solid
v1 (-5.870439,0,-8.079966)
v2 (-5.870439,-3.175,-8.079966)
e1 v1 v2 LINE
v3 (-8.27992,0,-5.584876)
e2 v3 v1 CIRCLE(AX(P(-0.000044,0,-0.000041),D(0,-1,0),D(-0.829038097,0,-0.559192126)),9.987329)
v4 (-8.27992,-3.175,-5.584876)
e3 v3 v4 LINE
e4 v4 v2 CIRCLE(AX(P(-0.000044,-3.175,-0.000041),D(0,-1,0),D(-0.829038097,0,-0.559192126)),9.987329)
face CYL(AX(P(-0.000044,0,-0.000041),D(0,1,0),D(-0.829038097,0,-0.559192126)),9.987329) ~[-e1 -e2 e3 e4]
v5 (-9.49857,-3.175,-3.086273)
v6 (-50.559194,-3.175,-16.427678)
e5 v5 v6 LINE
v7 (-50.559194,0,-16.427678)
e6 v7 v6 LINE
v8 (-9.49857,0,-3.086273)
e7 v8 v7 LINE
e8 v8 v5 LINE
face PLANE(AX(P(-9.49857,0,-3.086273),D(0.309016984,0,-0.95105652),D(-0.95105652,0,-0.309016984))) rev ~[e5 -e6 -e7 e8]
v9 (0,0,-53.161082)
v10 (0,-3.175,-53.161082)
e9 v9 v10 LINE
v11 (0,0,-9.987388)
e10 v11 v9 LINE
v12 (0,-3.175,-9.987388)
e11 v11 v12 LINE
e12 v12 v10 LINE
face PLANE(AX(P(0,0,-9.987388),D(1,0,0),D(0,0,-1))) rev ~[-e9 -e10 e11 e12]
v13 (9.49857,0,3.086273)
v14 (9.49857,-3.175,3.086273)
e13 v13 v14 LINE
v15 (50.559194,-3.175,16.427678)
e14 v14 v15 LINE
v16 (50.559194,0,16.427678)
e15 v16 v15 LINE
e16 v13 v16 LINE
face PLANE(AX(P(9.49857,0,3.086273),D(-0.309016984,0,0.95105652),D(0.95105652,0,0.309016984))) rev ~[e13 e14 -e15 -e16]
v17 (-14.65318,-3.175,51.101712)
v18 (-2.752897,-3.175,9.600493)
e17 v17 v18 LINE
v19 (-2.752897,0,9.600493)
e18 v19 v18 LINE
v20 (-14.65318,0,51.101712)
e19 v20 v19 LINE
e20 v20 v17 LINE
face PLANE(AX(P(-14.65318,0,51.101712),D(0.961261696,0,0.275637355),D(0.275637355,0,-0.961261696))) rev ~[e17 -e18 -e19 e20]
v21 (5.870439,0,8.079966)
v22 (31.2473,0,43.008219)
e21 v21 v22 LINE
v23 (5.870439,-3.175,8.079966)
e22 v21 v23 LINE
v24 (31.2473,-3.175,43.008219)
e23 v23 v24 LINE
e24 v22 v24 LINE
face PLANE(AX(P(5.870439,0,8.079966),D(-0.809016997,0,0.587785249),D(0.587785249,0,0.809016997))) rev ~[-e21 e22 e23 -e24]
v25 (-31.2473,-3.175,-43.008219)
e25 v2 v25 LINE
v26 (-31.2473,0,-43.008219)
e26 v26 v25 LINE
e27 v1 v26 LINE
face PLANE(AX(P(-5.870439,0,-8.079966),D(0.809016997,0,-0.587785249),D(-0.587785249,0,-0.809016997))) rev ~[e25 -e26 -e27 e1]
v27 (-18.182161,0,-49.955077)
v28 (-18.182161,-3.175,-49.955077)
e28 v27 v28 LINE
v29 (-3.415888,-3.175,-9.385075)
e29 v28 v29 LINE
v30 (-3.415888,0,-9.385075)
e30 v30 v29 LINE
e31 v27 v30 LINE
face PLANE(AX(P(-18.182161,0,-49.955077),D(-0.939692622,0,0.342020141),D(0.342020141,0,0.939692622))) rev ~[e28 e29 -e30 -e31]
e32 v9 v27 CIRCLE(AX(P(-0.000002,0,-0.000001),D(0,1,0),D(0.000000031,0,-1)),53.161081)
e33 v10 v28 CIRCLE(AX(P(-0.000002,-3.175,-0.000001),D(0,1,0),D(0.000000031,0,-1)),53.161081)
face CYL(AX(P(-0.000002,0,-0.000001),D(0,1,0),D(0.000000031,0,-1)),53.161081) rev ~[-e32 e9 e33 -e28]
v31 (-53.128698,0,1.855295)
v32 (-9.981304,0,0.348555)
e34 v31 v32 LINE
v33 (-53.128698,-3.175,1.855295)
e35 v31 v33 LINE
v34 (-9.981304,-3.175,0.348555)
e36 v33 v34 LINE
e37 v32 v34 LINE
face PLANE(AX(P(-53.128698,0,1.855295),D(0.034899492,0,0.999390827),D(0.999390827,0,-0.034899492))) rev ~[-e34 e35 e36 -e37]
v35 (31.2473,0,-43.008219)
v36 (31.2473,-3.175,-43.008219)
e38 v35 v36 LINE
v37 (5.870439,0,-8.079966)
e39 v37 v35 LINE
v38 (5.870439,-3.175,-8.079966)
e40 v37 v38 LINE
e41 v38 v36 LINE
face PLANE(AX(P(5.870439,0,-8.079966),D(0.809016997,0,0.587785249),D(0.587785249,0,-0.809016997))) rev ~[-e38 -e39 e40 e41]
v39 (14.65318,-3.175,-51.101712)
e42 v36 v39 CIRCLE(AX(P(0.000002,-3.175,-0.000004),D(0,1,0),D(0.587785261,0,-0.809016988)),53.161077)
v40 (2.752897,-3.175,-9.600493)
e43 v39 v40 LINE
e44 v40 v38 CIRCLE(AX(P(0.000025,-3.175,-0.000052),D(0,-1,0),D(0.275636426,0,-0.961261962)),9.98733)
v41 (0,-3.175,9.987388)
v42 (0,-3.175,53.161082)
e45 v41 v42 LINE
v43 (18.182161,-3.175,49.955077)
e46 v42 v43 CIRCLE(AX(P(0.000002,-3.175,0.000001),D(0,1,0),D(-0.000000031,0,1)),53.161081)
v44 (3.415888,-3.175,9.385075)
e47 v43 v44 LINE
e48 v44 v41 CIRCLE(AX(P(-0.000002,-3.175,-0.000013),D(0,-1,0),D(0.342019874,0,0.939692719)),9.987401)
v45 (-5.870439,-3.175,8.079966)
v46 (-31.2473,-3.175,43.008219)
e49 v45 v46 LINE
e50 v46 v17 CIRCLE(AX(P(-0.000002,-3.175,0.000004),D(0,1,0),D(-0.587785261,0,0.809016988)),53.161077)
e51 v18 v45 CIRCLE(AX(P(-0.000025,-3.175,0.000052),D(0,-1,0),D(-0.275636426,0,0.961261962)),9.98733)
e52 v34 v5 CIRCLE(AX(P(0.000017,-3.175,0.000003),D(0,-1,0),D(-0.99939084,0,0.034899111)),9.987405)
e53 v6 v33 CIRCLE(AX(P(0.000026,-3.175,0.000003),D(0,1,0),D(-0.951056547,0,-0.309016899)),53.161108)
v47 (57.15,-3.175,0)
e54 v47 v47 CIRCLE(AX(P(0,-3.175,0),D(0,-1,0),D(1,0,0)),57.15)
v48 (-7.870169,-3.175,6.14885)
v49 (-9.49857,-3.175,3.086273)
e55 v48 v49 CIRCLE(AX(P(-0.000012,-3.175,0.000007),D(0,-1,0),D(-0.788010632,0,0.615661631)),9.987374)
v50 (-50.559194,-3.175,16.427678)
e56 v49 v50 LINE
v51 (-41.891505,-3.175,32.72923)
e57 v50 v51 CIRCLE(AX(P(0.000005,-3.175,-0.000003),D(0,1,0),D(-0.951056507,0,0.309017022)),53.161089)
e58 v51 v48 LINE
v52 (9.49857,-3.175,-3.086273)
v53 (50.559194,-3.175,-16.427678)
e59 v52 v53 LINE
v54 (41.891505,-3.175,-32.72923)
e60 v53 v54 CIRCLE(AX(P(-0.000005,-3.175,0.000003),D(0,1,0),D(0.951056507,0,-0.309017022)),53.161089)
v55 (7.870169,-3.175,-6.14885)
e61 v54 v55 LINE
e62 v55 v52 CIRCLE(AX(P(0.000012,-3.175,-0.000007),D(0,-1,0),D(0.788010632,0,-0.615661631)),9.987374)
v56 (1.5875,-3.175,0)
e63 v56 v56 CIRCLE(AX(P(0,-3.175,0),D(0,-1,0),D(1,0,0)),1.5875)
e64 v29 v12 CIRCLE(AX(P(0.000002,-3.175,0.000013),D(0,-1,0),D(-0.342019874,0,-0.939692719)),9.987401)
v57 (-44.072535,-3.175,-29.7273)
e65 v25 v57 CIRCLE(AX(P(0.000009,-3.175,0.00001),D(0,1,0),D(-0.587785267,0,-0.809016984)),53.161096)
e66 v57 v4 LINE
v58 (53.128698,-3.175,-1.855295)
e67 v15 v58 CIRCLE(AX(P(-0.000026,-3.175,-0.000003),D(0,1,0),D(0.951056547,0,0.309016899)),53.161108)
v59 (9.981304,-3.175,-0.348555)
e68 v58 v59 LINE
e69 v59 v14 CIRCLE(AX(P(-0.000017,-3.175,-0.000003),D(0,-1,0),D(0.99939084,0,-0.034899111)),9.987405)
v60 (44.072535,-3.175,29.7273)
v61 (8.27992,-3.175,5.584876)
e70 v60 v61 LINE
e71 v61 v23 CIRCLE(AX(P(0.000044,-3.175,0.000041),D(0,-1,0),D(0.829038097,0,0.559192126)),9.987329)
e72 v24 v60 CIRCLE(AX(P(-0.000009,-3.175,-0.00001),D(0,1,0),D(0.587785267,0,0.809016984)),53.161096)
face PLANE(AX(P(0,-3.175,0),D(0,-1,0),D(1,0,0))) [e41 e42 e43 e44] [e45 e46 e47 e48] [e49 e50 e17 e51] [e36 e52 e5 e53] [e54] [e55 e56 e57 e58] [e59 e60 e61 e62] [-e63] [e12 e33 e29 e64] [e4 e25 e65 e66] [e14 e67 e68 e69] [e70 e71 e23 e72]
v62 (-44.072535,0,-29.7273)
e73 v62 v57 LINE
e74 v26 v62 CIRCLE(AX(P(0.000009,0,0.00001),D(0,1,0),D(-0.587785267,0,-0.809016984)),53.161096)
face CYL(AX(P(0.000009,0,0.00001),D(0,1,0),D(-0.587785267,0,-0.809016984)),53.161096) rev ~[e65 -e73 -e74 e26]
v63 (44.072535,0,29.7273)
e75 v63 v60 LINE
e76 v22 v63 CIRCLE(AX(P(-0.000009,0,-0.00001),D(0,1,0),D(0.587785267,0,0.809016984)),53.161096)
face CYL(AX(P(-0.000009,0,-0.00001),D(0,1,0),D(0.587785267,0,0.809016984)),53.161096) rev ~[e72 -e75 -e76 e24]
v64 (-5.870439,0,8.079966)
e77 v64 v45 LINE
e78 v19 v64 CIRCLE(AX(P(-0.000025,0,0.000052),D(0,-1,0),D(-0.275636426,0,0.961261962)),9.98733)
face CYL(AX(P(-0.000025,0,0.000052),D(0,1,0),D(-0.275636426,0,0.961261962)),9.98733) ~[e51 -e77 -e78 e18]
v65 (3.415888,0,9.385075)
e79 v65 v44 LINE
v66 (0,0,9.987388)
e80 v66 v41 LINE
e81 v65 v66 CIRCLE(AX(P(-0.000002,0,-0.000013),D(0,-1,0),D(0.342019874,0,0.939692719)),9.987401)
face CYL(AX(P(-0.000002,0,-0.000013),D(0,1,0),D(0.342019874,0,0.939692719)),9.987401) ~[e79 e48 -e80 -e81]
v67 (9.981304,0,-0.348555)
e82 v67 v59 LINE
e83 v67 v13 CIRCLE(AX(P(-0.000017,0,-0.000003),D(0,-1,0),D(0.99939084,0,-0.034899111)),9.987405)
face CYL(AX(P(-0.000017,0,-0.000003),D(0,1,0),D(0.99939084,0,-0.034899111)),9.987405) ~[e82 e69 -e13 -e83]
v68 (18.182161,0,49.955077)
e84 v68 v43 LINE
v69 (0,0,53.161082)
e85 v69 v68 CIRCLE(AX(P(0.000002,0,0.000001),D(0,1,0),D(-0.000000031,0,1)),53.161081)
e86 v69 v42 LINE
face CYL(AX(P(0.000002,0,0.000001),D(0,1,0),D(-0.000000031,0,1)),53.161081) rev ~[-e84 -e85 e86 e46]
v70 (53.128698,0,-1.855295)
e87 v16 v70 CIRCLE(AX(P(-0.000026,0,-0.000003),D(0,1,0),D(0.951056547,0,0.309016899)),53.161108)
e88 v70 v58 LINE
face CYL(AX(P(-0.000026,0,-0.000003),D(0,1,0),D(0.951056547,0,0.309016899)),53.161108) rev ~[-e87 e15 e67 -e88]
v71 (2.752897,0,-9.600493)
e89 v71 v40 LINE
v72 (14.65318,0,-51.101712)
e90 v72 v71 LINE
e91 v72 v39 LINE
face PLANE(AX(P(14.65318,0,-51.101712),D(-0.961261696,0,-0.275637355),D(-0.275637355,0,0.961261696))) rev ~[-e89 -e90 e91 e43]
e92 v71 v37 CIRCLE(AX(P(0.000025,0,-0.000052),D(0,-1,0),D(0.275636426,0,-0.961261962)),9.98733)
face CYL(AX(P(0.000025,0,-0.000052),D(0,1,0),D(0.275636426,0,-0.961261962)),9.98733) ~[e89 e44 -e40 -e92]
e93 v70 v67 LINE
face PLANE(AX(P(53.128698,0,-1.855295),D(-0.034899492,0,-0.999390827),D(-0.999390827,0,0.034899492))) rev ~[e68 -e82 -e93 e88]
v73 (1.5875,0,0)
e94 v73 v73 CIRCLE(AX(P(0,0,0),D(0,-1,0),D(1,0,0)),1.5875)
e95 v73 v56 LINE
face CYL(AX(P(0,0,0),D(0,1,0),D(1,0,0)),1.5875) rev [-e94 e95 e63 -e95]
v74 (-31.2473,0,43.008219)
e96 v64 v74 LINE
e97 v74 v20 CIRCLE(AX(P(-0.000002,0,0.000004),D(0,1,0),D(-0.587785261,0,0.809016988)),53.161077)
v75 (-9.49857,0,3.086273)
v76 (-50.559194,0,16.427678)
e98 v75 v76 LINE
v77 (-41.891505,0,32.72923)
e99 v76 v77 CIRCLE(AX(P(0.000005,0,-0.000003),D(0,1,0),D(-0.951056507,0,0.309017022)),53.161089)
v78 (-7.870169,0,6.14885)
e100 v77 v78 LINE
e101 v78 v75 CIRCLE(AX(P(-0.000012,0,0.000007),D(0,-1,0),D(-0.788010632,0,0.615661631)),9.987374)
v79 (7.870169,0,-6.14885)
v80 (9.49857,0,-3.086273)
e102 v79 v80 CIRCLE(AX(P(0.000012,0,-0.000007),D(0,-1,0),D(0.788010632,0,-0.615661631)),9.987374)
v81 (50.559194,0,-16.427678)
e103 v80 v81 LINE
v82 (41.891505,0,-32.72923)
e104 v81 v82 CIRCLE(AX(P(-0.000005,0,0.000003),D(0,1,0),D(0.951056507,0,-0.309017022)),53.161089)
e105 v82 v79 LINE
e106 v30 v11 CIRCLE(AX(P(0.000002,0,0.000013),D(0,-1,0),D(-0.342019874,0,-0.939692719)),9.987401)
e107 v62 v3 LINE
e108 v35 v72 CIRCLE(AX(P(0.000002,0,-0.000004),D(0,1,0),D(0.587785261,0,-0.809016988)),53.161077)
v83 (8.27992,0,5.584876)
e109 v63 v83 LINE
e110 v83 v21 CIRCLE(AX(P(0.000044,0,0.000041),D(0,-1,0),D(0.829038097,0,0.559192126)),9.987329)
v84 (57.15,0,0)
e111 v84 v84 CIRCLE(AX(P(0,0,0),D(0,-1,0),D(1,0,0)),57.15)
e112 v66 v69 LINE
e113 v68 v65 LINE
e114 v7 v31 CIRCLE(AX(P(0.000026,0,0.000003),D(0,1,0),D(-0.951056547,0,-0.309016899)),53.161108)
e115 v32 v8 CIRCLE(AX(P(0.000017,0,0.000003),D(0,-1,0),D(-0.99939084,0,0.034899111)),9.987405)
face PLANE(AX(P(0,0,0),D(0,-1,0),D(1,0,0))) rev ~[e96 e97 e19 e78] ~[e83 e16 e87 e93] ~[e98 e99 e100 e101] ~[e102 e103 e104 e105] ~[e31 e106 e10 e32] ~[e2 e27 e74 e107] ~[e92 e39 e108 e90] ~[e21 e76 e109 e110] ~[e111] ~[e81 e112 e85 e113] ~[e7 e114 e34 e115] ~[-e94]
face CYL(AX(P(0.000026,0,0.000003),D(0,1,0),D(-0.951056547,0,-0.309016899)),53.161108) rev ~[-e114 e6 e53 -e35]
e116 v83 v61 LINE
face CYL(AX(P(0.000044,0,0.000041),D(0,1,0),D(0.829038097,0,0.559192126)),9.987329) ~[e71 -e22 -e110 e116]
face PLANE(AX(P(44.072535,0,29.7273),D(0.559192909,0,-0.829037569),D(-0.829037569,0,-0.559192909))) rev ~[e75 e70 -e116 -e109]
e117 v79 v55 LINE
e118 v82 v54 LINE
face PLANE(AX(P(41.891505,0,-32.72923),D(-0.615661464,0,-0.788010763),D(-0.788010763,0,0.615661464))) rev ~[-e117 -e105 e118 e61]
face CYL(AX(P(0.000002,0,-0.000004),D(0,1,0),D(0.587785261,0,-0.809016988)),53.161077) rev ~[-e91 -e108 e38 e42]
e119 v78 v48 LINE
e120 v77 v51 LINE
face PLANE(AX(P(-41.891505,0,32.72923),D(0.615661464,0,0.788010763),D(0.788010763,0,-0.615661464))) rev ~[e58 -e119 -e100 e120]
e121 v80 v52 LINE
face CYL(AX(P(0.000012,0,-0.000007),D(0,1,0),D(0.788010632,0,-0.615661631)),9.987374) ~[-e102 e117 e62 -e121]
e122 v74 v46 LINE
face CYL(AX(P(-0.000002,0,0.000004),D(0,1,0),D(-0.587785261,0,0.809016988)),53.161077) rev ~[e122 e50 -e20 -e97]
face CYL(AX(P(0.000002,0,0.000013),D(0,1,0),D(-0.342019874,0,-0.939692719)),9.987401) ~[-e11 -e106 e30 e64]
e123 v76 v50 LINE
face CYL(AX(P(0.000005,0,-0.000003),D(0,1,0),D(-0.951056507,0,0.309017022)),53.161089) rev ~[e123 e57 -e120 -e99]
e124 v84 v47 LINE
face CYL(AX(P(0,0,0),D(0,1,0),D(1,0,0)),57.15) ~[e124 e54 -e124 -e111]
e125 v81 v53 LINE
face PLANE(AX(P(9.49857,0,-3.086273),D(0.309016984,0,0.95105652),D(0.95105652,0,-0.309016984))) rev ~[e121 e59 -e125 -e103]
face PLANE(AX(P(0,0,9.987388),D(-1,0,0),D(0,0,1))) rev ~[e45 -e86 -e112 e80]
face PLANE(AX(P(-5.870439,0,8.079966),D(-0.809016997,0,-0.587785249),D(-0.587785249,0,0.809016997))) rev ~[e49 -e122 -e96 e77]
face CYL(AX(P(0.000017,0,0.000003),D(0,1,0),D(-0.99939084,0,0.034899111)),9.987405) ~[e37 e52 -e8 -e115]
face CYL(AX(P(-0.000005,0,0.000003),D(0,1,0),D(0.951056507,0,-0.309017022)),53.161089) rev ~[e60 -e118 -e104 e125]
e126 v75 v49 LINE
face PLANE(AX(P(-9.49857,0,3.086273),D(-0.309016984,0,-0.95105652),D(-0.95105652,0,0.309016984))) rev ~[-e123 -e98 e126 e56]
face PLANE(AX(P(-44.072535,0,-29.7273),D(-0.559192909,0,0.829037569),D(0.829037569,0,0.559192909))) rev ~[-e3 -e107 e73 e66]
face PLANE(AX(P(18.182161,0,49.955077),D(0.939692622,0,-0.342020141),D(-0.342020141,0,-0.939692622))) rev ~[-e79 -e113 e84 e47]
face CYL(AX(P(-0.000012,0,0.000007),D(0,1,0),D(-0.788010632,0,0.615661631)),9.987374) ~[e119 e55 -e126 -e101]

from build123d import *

# Parameters (mm, degrees)
F0_R     = 57.15
F0_R_2   = 1.5875
F1_DEPTH = 3.175


with BuildPart() as f1:
    # F0 (on Front) → F1 (new body)
    with BuildSketch(Plane.XZ):
        Circle(F0_R)
        with BuildLine():
            ThreePointArc((0, -53.161082), (-9.231325, -52.353446), (-18.182161, -49.955077))
            Line((-18.182161, -49.955077), (-3.415888, -9.385075))
            ThreePointArc((-3.415888, -9.385075), (-1.734292, -9.835657), (0, -9.987388))
            Line((0, -9.987388), (0, -53.161082))
        make_face(mode=Mode.SUBTRACT)
        with BuildLine():
            ThreePointArc((-50.559194, -16.427678), (-52.643722, -7.398593), (-53.128698, 1.855295))
            Line((-53.128698, 1.855295), (-9.981304, 0.348555))
            ThreePointArc((-9.981304, 0.348555), (-9.890191, -1.389976), (-9.49857, -3.086273))
            Line((-9.49857, -3.086273), (-50.559194, -16.427678))
        make_face(mode=Mode.SUBTRACT)
        with BuildLine():
            ThreePointArc((-31.2473, -43.008219), (-38.240882, -36.928791), (-44.072535, -29.7273))
            Line((-44.072535, -29.7273), (-8.27992, -5.584876))
            ThreePointArc((-8.27992, -5.584876), (-7.184326, -6.937823), (-5.870439, -8.079966))
            Line((-5.870439, -8.079966), (-31.2473, -43.008219))
        make_face(mode=Mode.SUBTRACT)
        with BuildLine():
            ThreePointArc((31.2473, -43.008219), (23.304285, -47.780864), (14.65318, -51.101712))
            Line((14.65318, -51.101712), (2.752897, -9.600493))
            ThreePointArc((2.752897, -9.600493), (4.378183, -8.976605), (5.870439, -8.079966))
            Line((5.870439, -8.079966), (31.2473, -43.008219))
        make_face(mode=Mode.SUBTRACT)
        with BuildLine():
            ThreePointArc((50.559194, -16.427678), (46.93845, -24.957616), (41.891505, -32.72923))
            Line((41.891505, -32.72923), (7.870169, -6.14885))
            ThreePointArc((7.870169, -6.14885), (8.81834, -4.688795), (9.49857, -3.086273))
            Line((9.49857, -3.086273), (50.559194, -16.427678))
        make_face(mode=Mode.SUBTRACT)
        with BuildLine():
            ThreePointArc((-50.559194, 16.427678), (-46.93845, 24.957616), (-41.891505, 32.72923))
            Line((-41.891505, 32.72923), (-7.870169, 6.14885))
            ThreePointArc((-7.870169, 6.14885), (-8.81834, 4.688795), (-9.49857, 3.086273))
            Line((-9.49857, 3.086273), (-50.559194, 16.427678))
        make_face(mode=Mode.SUBTRACT)
        with BuildLine():
            ThreePointArc((-31.2473, 43.008219), (-23.304285, 47.780864), (-14.65318, 51.101712))
            Line((-14.65318, 51.101712), (-2.752897, 9.600493))
            ThreePointArc((-2.752897, 9.600493), (-4.378183, 8.976605), (-5.870439, 8.079966))
            Line((-5.870439, 8.079966), (-31.2473, 43.008219))
        make_face(mode=Mode.SUBTRACT)
        Circle(F0_R_2, mode=Mode.SUBTRACT)
        with BuildLine():
            ThreePointArc((31.2473, 43.008219), (38.240882, 36.928791), (44.072535, 29.7273))
            Line((44.072535, 29.7273), (8.27992, 5.584876))
            ThreePointArc((8.27992, 5.584876), (7.184326, 6.937823), (5.870439, 8.079966))
            Line((5.870439, 8.079966), (31.2473, 43.008219))
        make_face(mode=Mode.SUBTRACT)
        with BuildLine():
            ThreePointArc((50.559194, 16.427678), (52.643722, 7.398593), (53.128698, -1.855295))
            Line((53.128698, -1.855295), (9.981304, -0.348555))
            ThreePointArc((9.981304, -0.348555), (9.890191, 1.389976), (9.49857, 3.086273))
            Line((9.49857, 3.086273), (50.559194, 16.427678))
        make_face(mode=Mode.SUBTRACT)
        with BuildLine():
            ThreePointArc((0, 53.161082), (9.231325, 52.353446), (18.182161, 49.955077))
            Line((18.182161, 49.955077), (3.415888, 9.385075))
            ThreePointArc((3.415888, 9.385075), (1.734292, 9.835657), (0, 9.987388))
            Line((0, 9.987388), (0, 53.161082))
        make_face(mode=Mode.SUBTRACT)
    extrude(amount=F1_DEPTH)


solid = f1.part
